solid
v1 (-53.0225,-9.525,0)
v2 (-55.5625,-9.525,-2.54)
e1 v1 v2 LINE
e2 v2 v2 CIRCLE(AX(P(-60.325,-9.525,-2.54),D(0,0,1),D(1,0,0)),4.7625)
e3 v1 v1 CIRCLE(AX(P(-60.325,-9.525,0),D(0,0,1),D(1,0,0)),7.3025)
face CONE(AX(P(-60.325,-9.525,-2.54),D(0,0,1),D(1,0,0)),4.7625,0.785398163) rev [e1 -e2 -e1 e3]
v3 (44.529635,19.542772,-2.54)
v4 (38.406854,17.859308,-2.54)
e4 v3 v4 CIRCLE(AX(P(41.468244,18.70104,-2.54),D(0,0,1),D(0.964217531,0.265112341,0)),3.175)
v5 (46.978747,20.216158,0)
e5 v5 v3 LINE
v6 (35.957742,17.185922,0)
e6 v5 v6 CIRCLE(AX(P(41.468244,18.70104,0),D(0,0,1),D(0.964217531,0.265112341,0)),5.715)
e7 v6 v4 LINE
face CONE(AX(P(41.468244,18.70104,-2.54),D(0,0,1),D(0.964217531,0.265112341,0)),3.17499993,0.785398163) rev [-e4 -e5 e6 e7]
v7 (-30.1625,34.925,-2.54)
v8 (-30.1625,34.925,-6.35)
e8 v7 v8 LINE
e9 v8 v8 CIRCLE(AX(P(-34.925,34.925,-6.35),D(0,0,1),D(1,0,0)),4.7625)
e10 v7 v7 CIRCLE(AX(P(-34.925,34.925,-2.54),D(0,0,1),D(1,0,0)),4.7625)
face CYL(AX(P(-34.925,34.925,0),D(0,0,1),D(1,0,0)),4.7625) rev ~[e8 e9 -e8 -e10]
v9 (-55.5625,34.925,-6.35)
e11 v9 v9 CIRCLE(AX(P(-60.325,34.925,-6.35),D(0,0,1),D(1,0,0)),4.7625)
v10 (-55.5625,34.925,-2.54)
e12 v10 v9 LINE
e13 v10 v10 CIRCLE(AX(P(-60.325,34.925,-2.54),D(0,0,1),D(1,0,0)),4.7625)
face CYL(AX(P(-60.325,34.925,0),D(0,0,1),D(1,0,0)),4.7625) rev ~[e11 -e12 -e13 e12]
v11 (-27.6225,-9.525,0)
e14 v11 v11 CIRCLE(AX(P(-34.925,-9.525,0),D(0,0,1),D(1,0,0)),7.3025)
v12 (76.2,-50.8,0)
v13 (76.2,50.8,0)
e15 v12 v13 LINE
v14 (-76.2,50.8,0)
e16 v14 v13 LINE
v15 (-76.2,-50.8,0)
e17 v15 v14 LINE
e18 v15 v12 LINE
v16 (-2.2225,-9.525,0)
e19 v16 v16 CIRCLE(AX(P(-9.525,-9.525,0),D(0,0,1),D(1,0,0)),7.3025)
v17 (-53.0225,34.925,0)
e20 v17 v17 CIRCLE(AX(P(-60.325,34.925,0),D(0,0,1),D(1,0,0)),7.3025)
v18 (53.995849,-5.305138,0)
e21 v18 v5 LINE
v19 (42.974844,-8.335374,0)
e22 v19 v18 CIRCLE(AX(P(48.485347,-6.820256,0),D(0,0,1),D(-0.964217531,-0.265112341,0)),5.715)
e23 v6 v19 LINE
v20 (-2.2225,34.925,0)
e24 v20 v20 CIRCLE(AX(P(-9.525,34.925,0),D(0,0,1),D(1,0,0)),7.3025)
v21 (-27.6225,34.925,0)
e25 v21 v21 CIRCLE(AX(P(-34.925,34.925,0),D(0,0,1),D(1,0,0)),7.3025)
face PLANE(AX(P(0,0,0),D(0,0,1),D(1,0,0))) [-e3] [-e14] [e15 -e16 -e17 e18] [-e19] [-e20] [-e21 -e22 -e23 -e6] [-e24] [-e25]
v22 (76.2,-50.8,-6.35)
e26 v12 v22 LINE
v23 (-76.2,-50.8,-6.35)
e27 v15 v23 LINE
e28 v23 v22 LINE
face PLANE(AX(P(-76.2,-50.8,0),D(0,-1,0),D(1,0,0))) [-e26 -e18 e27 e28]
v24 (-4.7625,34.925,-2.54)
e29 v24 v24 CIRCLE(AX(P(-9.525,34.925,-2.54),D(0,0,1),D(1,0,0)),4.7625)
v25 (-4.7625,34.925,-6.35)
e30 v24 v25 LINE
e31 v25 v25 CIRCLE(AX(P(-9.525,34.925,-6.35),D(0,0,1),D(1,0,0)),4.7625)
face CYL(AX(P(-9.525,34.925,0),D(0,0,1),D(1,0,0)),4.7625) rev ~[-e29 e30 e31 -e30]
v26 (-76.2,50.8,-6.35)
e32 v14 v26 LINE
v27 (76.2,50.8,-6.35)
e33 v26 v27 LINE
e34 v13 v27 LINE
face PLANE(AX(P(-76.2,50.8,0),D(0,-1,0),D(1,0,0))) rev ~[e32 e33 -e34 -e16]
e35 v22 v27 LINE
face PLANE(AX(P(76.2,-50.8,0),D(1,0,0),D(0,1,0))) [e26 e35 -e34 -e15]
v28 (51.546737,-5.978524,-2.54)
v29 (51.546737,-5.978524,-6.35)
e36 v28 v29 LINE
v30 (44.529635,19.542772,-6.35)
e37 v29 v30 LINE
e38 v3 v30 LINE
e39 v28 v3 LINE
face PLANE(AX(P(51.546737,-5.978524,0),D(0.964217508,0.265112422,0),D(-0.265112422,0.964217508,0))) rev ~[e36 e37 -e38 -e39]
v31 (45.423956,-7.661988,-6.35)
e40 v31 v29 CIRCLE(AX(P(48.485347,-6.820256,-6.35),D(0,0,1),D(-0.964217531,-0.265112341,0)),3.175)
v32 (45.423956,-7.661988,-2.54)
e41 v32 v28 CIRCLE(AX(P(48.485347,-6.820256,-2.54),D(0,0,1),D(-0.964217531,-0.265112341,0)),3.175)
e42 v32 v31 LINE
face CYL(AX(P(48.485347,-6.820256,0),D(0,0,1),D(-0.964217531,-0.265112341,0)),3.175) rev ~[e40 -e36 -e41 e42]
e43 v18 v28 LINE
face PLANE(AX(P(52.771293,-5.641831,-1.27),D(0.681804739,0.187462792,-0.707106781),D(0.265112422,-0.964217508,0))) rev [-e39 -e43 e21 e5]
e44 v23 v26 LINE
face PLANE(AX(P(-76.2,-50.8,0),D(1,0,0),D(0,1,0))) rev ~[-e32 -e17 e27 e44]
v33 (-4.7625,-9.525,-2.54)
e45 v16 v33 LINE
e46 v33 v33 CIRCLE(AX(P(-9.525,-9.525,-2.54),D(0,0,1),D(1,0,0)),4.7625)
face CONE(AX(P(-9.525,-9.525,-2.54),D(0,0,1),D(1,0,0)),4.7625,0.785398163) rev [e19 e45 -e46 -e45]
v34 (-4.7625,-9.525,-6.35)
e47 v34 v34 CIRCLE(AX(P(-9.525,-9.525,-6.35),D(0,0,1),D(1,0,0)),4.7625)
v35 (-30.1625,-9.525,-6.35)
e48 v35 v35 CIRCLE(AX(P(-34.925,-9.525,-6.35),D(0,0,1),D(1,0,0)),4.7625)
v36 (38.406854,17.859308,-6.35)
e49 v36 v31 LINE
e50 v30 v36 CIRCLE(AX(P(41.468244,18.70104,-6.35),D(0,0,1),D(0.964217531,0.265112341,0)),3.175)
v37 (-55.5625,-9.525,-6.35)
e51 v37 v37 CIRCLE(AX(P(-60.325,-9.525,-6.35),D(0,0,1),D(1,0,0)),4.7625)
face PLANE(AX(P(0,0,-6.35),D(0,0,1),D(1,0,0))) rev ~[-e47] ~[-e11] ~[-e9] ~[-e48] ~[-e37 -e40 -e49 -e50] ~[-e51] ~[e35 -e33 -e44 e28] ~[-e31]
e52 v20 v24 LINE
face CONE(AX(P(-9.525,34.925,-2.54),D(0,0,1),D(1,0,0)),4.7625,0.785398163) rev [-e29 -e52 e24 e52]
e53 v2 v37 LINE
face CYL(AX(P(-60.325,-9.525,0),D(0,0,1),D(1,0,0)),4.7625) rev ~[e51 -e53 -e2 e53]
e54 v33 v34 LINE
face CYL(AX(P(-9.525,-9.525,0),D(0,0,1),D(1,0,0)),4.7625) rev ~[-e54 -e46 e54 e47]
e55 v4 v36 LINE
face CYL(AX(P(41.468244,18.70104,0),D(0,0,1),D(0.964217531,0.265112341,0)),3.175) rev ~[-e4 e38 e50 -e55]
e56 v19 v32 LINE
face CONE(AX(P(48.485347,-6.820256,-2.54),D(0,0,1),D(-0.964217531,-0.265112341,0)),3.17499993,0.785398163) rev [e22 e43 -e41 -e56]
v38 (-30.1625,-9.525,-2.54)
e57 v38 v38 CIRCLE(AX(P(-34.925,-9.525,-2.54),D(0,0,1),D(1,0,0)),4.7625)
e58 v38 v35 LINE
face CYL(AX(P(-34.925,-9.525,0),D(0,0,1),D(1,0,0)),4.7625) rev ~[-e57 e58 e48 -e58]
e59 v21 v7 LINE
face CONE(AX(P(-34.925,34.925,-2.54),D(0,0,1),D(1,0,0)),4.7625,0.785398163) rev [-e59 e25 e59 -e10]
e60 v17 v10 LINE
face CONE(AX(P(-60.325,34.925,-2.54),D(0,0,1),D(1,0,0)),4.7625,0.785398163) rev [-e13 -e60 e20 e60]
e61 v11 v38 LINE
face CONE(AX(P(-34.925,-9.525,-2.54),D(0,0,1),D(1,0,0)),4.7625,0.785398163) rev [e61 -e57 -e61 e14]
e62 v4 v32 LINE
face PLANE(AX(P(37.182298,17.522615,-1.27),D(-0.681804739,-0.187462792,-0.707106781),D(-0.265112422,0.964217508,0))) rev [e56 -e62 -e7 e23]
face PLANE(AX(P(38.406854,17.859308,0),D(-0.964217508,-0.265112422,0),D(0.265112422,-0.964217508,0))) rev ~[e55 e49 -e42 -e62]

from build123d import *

# Parameters (mm, degrees)
F0_W     = 152.4
F0_H     = 101.6
F0_R     = 4.7625
F2_DEPTH = 6.35
F3_DEPTH = 25.4
F4_SIZE  = 2.54


with BuildPart() as f2:
    # F0 (on Top) → F2 (new body)
    with BuildSketch(Plane.XY):
        Rectangle(F0_W, F0_H)
        with Locations((-60.325, -9.525)):
            Circle(F0_R, mode=Mode.SUBTRACT)
        with Locations((-34.925, -9.525)):
            Circle(F0_R, mode=Mode.SUBTRACT)
        with Locations((-9.525, -9.525)):
            Circle(F0_R, mode=Mode.SUBTRACT)
        with Locations((-60.325, 34.925)):
            Circle(F0_R, mode=Mode.SUBTRACT)
        with Locations((-34.925, 34.925)):
            Circle(F0_R, mode=Mode.SUBTRACT)
        with Locations((-9.525, 34.925)):
            Circle(F0_R, mode=Mode.SUBTRACT)
    extrude(amount=-F2_DEPTH)

    # F1 (on face) → F3 (cut)
    with BuildSketch(Plane.XY):
        with BuildLine():
            Line((51.546737, -5.978524), (44.529635, 19.542772))
            ThreePointArc((44.529635, 19.542772), (40.626513, 21.762431), (38.406854, 17.859308))
            Line((38.406854, 17.859308), (45.423956, -7.661988))
            ThreePointArc((45.423956, -7.661988), (49.327078, -9.881647), (51.546737, -5.978524))
        make_face()
    extrude(amount=-F3_DEPTH, mode=Mode.SUBTRACT)

    # F4
    f4_edges = [f2.edges().sort_by_distance(p)[0] for p in [
        (-65.0875, 34.925, 0),
        (-39.6875, 34.925, 0),
        (-14.2875, 34.925, 0),
        (-14.2875, -9.525, 0),
        (-39.6875, -9.525, 0),
        (-65.0875, -9.525, 0),
        (41.915405, 5.09866, 0),
    ]]
    chamfer(f4_edges, length=F4_SIZE)


solid = f2.part
